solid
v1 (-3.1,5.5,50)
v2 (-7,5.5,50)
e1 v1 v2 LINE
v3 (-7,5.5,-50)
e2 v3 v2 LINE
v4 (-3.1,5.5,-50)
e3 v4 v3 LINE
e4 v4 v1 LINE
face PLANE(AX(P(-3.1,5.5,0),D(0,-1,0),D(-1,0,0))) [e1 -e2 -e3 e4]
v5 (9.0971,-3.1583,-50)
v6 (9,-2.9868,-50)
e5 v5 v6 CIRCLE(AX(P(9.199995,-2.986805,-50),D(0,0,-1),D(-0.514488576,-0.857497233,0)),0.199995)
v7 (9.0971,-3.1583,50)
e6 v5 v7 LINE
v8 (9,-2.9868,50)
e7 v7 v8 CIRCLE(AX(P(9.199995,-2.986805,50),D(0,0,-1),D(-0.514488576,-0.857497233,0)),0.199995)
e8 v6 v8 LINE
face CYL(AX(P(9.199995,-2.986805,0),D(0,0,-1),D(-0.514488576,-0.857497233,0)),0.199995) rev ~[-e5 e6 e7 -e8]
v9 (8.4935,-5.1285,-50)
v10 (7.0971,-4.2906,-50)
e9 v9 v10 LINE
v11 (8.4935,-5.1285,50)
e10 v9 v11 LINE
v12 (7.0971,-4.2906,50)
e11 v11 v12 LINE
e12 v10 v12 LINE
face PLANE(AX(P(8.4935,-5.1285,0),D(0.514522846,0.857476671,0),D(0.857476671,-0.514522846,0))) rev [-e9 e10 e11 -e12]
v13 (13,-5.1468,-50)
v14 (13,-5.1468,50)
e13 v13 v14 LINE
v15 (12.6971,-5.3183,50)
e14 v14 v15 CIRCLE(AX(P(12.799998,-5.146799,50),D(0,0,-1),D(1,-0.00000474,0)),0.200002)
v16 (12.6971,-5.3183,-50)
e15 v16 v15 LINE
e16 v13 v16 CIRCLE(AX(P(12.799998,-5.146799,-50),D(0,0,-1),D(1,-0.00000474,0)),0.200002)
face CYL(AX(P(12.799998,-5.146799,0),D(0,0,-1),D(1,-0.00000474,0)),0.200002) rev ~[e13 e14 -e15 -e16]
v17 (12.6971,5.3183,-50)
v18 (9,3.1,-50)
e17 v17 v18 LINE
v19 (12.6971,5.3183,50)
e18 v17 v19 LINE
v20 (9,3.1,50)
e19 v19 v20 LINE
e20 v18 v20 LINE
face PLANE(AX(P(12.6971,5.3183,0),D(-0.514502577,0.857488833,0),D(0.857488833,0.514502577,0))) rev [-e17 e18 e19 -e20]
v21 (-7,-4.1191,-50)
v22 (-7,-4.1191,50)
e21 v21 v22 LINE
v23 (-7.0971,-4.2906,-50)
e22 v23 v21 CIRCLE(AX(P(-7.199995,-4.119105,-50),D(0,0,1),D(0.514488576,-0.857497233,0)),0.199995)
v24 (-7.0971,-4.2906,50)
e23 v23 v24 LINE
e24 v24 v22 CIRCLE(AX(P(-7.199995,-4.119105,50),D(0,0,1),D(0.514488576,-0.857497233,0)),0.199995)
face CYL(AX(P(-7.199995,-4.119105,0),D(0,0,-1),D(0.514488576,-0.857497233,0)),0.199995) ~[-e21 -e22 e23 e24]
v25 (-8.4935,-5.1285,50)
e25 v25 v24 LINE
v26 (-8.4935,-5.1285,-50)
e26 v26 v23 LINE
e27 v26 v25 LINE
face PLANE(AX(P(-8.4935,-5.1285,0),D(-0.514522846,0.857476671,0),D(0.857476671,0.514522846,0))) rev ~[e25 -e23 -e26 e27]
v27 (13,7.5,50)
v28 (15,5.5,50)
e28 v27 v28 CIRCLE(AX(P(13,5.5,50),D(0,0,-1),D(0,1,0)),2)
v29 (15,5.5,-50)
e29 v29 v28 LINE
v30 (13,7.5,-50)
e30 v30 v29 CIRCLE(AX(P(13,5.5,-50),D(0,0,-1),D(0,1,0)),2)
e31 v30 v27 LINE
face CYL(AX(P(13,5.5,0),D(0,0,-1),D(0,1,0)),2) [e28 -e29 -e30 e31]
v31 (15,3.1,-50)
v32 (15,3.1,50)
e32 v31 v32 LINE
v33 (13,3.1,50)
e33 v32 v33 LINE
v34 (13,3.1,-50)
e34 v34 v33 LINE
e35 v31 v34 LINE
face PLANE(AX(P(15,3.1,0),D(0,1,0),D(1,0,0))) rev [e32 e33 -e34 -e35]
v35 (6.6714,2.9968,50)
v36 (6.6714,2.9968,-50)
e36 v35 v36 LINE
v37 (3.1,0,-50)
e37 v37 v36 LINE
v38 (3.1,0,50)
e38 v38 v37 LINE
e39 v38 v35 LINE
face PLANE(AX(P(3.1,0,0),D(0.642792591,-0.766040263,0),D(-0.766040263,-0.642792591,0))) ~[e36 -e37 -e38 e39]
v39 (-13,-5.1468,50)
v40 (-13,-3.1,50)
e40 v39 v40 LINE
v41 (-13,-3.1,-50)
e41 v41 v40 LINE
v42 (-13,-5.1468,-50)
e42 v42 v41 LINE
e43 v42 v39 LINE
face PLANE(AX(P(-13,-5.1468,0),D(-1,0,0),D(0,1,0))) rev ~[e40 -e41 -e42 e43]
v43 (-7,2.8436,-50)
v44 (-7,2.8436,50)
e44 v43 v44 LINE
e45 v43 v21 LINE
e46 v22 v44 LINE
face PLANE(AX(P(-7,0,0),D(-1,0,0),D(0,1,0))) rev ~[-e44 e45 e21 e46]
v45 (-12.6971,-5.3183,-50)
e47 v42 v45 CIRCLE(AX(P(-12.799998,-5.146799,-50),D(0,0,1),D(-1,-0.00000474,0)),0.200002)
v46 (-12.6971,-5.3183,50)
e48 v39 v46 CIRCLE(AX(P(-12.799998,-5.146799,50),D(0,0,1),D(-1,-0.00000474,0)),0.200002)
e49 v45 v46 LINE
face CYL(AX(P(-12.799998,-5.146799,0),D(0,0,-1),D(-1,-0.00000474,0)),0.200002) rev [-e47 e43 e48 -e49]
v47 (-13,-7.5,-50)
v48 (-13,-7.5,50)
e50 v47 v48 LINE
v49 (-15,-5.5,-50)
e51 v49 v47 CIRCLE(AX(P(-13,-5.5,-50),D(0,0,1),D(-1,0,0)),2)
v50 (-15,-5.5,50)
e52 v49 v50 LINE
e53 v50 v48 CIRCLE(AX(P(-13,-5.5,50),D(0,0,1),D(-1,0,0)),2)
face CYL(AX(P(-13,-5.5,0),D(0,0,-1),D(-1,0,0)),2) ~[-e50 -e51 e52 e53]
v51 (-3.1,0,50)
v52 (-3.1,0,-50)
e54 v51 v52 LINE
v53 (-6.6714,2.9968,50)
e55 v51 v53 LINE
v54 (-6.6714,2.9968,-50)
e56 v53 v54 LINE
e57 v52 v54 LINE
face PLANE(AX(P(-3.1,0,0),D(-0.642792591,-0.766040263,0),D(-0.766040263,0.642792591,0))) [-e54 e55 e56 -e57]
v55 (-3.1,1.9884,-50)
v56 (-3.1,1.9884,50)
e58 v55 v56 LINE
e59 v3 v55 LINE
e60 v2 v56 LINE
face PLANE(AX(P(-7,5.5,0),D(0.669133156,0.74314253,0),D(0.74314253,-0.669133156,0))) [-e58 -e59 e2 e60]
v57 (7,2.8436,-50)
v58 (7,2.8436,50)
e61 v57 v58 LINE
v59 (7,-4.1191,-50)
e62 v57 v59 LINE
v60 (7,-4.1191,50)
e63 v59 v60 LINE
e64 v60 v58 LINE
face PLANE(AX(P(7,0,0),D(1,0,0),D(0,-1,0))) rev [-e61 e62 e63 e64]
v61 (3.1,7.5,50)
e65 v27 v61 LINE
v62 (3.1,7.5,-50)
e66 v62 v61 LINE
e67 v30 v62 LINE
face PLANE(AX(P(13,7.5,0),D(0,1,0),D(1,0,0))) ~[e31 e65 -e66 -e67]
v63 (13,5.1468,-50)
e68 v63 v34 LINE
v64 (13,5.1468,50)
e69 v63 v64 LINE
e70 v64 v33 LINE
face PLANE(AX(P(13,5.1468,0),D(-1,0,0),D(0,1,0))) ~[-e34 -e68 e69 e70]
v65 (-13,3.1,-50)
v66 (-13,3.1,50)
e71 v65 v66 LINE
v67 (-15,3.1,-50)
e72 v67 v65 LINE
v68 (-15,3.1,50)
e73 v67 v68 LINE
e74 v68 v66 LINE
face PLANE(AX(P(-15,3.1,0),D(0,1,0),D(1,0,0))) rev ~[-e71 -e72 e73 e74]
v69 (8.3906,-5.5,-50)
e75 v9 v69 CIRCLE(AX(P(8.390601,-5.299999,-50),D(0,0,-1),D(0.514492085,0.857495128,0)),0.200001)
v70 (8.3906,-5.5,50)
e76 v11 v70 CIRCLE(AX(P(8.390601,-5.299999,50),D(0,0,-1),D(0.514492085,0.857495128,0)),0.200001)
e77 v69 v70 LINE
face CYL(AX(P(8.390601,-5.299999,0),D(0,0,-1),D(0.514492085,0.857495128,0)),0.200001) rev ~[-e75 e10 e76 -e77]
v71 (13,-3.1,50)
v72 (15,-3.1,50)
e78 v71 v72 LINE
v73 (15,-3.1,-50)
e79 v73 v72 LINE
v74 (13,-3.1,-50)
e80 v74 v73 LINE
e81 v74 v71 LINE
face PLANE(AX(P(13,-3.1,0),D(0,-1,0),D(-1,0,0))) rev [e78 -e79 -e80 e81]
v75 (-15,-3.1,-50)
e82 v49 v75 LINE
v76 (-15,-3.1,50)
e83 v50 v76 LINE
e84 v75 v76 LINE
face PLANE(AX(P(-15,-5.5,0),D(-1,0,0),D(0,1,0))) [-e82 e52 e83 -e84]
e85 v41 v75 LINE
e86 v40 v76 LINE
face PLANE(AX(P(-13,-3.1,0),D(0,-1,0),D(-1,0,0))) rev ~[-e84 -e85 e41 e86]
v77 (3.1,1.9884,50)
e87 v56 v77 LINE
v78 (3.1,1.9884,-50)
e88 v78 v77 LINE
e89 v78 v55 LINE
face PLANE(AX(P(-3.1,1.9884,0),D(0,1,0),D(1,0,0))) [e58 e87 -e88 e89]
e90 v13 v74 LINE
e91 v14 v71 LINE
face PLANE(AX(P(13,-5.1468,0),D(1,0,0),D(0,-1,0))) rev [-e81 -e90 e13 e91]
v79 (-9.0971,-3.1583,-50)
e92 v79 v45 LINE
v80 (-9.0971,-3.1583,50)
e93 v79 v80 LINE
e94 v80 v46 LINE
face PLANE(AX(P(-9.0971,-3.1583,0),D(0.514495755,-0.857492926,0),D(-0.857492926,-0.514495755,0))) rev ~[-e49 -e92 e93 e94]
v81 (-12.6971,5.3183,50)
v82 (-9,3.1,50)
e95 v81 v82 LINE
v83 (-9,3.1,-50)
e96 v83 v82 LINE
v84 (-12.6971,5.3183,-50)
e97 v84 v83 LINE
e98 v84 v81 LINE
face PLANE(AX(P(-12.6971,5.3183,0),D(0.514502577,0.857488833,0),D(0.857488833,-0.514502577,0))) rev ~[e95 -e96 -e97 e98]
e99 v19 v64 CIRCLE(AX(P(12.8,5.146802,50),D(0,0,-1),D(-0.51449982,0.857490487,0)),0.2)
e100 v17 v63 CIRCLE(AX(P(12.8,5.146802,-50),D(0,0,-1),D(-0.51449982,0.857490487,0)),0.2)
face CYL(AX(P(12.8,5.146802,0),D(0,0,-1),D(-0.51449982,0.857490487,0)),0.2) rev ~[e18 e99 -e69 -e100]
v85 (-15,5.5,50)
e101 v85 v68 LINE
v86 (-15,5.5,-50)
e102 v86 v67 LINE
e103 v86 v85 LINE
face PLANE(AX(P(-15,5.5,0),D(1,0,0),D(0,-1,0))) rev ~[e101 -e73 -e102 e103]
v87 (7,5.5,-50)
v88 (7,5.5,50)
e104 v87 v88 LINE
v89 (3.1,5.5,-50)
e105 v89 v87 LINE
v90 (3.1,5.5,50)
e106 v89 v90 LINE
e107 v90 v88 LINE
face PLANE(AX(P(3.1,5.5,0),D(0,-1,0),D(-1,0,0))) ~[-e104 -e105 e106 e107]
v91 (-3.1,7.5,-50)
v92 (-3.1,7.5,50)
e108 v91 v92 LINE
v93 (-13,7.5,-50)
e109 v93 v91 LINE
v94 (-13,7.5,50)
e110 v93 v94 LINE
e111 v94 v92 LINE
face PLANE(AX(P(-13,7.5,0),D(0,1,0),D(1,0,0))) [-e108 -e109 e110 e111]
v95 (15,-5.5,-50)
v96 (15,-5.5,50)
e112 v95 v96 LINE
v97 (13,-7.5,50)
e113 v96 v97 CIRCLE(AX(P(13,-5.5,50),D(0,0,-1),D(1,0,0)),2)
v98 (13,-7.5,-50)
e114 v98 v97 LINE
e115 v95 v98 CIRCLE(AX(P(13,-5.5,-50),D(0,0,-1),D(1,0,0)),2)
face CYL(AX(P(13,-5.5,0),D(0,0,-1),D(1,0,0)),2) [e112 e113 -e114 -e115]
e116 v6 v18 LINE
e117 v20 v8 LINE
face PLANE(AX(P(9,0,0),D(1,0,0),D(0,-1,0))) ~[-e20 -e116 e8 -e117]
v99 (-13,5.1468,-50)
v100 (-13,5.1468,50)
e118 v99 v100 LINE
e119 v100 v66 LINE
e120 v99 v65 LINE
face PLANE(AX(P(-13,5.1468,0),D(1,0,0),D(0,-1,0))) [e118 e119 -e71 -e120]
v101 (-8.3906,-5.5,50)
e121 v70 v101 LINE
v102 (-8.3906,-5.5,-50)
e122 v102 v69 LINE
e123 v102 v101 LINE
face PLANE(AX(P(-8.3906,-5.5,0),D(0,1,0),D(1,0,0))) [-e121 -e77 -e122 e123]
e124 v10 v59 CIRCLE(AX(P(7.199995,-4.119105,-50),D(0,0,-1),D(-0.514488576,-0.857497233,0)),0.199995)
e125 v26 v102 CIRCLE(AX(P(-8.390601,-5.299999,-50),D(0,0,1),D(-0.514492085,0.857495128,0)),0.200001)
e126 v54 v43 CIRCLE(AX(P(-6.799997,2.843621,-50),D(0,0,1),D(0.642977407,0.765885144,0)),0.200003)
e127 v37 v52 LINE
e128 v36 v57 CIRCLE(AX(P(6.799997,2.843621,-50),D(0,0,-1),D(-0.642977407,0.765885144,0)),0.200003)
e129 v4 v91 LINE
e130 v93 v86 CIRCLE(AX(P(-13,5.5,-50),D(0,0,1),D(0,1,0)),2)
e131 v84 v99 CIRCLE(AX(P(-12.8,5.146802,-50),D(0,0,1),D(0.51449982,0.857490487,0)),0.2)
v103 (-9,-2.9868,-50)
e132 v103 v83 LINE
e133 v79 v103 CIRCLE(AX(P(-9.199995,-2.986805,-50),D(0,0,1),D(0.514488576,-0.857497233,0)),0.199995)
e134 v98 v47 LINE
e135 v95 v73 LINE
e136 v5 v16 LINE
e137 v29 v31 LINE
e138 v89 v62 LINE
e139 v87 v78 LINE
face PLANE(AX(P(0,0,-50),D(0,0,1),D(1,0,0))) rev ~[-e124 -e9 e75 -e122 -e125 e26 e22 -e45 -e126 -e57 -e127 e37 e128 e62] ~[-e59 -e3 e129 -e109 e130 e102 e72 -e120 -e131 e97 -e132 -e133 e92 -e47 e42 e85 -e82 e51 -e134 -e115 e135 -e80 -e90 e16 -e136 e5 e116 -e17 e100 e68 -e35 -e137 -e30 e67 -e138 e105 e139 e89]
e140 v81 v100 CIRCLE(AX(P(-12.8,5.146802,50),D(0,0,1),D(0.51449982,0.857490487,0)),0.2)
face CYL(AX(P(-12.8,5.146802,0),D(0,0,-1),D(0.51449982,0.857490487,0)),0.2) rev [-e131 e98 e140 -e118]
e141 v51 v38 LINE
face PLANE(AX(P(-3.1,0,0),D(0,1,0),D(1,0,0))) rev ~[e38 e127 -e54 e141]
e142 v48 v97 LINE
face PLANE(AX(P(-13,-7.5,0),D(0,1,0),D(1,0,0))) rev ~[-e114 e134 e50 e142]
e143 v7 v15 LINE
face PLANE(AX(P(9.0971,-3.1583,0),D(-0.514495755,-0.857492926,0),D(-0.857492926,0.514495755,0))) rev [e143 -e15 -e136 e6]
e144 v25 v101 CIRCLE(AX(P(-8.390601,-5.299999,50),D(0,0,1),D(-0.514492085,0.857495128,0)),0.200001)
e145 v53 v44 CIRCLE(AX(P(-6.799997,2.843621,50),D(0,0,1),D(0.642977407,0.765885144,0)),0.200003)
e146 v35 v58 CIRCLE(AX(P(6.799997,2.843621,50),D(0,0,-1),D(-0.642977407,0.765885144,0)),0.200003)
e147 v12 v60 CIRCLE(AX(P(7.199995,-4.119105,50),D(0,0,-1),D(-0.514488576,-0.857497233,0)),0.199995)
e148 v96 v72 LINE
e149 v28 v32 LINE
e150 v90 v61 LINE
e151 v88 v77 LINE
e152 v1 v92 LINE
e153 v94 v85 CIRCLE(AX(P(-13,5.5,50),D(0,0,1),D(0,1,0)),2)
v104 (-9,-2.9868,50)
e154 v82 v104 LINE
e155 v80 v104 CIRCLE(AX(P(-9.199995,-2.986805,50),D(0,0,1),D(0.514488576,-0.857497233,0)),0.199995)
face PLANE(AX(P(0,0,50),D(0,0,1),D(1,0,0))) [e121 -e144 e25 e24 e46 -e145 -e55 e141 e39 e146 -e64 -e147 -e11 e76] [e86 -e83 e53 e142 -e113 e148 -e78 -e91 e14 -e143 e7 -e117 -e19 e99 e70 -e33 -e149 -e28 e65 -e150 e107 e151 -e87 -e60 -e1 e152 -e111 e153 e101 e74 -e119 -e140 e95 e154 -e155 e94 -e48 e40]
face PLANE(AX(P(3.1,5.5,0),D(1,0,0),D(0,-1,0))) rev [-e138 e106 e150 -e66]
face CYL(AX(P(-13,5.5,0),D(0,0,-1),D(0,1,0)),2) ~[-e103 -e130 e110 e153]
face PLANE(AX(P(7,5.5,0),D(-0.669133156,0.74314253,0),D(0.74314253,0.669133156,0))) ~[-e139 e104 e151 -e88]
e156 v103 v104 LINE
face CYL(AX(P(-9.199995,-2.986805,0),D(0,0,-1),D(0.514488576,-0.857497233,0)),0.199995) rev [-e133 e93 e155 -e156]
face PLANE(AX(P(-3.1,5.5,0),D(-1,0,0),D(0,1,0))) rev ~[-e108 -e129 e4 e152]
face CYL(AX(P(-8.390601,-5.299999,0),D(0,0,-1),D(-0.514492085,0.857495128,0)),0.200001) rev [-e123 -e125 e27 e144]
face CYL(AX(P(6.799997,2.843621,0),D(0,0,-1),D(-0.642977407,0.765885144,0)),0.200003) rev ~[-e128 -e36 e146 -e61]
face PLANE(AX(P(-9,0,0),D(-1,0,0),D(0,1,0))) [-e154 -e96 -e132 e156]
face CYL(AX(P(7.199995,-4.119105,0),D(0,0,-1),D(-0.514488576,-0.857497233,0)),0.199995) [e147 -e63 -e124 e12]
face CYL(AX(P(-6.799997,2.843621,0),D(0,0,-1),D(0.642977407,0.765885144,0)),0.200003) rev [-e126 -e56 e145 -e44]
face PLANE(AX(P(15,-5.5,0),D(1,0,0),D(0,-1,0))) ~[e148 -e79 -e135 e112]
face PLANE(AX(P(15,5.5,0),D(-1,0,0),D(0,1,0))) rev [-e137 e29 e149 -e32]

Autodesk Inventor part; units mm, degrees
ref_plane "YZ Plane" through (0, 0, 0) normal (1, 0, 0) x (0, 1, 0)
ref_plane "XZ Plane" through (0, 0, 0) normal (0, 1, 0) x (-1, 0, 0)
ref_plane "XY Plane" through (0, 0, 0) normal (0, 0, 1) x (1, 0, 0)
sketch "Sketch1" plane through (0, 0, 0) normal (0, 0, 1) x (1, 0, 0)
  line L0 (-15, 7.5) -> (15, 7.5) construction
  line L1 (0, 11.0799) -> (0, -11.0799) projected
  line L2 (-15, 7.5) -> (-15, -7.5) construction
  line L3 (-15, 3.1) -> (-15, -3.1) construction
  line L4 (-15, 7.5) -> (-15, 3.1) construction
  line L5 (-15, 7.5) -> (-3.1, 7.5) construction
  line L6 (-15, 3.1) -> (-13, 3.1)
  line L7 (-3.1, 5.5) -> (-3.1, 7.5)
  line L8 (-13, 3.1) -> (-13, 5.5) construction
  line L9 (-15, 3.1) -> (-9, 3.1) construction
  line L10 (-13, 5.5) -> (-9, 3.1) construction
  line L11 (-9, 0) -> (-9, 3.1)
  line L12 (-21.4971, 0) -> (21.0828, 0) projected
  line L13 (-9, 0) -> (-9, -3.1) construction
  line L14 (-9, -3.1) -> (-13, -5.5) construction
  line L15 (-13, -5.5) -> (-13, -3.1) construction
  line L16 (-13, -3.1) -> (-15, -3.1)
  line L17 (-15, -3.1) -> (-15, -7.5) construction
  line L18 (-15, -7.5) -> (0, -7.5) construction
  line L19 (0, -7.5) -> (0, -5.5)
  line L20 (0, -5.5) -> (-9.1127, -5.5) construction
  line L21 (-9.1127, -5.5) -> (-7, -4.2324) construction
  line L22 (-7, -4.2324) -> (-7, 3.2725) construction
  line L23 (0, 0) -> (-3.1, 0)
  line L24 (-7, 3.2725) -> (-3.1, 0) construction
  line L25 (-3.1, 5.5) -> (-7, 5.5)
  line L26 (-7, 5.5) -> (-3.1, 1.9884)
  line L27 (-3.1, 1.9884) -> (0, 1.9884)
  line L28 (0, 1.9884) -> (0, 0)
  arc A0 (-13, 7.5) -> (-15, 5.5) centre (-13, 5.5) ccw
  line L29 (-13, 7.5) -> (-3.1, 7.5)
  line L30 (-15, 5.5) -> (-15, 3.1)
  arc A1 (-12.6971, 5.3183) -> (-13, 5.1468) centre (-12.8, 5.1468) ccw
  line L31 (-13, 5.1468) -> (-13, 3.1)
  line L32 (-12.6971, 5.3183) -> (-9, 3.1)
  arc A2 (-13, -5.1468) -> (-12.6971, -5.3183) centre (-12.8, -5.1468) ccw
  line L33 (-13, -5.1468) -> (-13, -3.1)
  line L34 (-12.6971, -5.3183) -> (-9, -3.1) construction
  arc A3 (-15, -5.5) -> (-13, -7.5) centre (-13, -5.5) ccw
  line L35 (-15, -5.5) -> (-15, -3.1)
  line L36 (-13, -7.5) -> (0, -7.5)
  arc A4 (-8.4935, -5.1285) -> (-8.3906, -5.5) centre (-8.3906, -5.3) ccw
  line L37 (-8.4935, -5.1285) -> (-7, -4.2324) construction
  line L38 (-8.3906, -5.5) -> (0, -5.5)
  arc A5 (-7.0971, -4.2906) -> (-7, -4.1191) centre (-7.2, -4.1191) ccw
  line L39 (-8.4935, -5.1285) -> (-7.0971, -4.2906)
  line L40 (-7, -4.1191) -> (-7, 3.2725) construction
  arc A6 (-9.0971, -3.1583) -> (-9, -2.9868) centre (-9.2, -2.9868) ccw
  line L41 (-9, -2.9868) -> (-9, 0)
  line L42 (-9.0971, -3.1583) -> (-12.6971, -5.3183)
  arc A7 (-6.6714, 2.9968) -> (-7, 2.8436) centre (-6.8, 2.8436) ccw
  line L43 (-7, -4.1191) -> (-7, 2.8436)
  line L44 (-3.1, 0) -> (-6.6714, 2.9968)
  line L45 (-3.1, 0) -> (0, 0)
  point P0 (0, 7.5)
  point P1 (-15, 0)
  dimension "d0" = 7.5
  dimension "d1" = 30
  dimension "d2" = 15
  dimension "d3" = 6.2
  dimension "d4" = 3.1
  dimension "d5" = 2
  dimension "d6" = 2.4
  dimension "d7" = 6
  dimension "d8" = 3.1
  dimension "d9" = 2
  dimension "d10" = 2
  dimension "d11" = 2
  dimension "d12" = 50
  dimension "d13" = 2
  dimension "outer_angle" = 2
  dimension "inner_angle" = 0.2
  dimension "d18" = 0.2
  dimension "d19" = 2
  dimension "d20" = 0.2
  dimension "d21" = 0.2
  dimension "d22" = 0.2
  dimension "d23" = 0.2
extrude "Extrusion2" add sketch "Sketch1" along normal mid plane 100 contours L1 L12 L44 A7 L43 L11 L32 A1 L31 L6 L30 A0 L29 L7 L25 L26 L27 | L1 L36 A3 L35 L16 L33 A2 L42 A6 L41 L12 L43 A5 L39 A4 L38
mirror "Mirror2" about plane through (0, 0, 0) normal (1, 0, 0) of "Extrusion2"
equation "\"d18\" = inner_angle"
equation "\"d19\" = outer_angle"
equation "\"d20\" = inner_angle"
equation "\"d21\" = inner_angle"
equation "\"d22\" = inner_angle"
equation "\"d23\" = inner_angle"
properties part number "profile_15x60"
